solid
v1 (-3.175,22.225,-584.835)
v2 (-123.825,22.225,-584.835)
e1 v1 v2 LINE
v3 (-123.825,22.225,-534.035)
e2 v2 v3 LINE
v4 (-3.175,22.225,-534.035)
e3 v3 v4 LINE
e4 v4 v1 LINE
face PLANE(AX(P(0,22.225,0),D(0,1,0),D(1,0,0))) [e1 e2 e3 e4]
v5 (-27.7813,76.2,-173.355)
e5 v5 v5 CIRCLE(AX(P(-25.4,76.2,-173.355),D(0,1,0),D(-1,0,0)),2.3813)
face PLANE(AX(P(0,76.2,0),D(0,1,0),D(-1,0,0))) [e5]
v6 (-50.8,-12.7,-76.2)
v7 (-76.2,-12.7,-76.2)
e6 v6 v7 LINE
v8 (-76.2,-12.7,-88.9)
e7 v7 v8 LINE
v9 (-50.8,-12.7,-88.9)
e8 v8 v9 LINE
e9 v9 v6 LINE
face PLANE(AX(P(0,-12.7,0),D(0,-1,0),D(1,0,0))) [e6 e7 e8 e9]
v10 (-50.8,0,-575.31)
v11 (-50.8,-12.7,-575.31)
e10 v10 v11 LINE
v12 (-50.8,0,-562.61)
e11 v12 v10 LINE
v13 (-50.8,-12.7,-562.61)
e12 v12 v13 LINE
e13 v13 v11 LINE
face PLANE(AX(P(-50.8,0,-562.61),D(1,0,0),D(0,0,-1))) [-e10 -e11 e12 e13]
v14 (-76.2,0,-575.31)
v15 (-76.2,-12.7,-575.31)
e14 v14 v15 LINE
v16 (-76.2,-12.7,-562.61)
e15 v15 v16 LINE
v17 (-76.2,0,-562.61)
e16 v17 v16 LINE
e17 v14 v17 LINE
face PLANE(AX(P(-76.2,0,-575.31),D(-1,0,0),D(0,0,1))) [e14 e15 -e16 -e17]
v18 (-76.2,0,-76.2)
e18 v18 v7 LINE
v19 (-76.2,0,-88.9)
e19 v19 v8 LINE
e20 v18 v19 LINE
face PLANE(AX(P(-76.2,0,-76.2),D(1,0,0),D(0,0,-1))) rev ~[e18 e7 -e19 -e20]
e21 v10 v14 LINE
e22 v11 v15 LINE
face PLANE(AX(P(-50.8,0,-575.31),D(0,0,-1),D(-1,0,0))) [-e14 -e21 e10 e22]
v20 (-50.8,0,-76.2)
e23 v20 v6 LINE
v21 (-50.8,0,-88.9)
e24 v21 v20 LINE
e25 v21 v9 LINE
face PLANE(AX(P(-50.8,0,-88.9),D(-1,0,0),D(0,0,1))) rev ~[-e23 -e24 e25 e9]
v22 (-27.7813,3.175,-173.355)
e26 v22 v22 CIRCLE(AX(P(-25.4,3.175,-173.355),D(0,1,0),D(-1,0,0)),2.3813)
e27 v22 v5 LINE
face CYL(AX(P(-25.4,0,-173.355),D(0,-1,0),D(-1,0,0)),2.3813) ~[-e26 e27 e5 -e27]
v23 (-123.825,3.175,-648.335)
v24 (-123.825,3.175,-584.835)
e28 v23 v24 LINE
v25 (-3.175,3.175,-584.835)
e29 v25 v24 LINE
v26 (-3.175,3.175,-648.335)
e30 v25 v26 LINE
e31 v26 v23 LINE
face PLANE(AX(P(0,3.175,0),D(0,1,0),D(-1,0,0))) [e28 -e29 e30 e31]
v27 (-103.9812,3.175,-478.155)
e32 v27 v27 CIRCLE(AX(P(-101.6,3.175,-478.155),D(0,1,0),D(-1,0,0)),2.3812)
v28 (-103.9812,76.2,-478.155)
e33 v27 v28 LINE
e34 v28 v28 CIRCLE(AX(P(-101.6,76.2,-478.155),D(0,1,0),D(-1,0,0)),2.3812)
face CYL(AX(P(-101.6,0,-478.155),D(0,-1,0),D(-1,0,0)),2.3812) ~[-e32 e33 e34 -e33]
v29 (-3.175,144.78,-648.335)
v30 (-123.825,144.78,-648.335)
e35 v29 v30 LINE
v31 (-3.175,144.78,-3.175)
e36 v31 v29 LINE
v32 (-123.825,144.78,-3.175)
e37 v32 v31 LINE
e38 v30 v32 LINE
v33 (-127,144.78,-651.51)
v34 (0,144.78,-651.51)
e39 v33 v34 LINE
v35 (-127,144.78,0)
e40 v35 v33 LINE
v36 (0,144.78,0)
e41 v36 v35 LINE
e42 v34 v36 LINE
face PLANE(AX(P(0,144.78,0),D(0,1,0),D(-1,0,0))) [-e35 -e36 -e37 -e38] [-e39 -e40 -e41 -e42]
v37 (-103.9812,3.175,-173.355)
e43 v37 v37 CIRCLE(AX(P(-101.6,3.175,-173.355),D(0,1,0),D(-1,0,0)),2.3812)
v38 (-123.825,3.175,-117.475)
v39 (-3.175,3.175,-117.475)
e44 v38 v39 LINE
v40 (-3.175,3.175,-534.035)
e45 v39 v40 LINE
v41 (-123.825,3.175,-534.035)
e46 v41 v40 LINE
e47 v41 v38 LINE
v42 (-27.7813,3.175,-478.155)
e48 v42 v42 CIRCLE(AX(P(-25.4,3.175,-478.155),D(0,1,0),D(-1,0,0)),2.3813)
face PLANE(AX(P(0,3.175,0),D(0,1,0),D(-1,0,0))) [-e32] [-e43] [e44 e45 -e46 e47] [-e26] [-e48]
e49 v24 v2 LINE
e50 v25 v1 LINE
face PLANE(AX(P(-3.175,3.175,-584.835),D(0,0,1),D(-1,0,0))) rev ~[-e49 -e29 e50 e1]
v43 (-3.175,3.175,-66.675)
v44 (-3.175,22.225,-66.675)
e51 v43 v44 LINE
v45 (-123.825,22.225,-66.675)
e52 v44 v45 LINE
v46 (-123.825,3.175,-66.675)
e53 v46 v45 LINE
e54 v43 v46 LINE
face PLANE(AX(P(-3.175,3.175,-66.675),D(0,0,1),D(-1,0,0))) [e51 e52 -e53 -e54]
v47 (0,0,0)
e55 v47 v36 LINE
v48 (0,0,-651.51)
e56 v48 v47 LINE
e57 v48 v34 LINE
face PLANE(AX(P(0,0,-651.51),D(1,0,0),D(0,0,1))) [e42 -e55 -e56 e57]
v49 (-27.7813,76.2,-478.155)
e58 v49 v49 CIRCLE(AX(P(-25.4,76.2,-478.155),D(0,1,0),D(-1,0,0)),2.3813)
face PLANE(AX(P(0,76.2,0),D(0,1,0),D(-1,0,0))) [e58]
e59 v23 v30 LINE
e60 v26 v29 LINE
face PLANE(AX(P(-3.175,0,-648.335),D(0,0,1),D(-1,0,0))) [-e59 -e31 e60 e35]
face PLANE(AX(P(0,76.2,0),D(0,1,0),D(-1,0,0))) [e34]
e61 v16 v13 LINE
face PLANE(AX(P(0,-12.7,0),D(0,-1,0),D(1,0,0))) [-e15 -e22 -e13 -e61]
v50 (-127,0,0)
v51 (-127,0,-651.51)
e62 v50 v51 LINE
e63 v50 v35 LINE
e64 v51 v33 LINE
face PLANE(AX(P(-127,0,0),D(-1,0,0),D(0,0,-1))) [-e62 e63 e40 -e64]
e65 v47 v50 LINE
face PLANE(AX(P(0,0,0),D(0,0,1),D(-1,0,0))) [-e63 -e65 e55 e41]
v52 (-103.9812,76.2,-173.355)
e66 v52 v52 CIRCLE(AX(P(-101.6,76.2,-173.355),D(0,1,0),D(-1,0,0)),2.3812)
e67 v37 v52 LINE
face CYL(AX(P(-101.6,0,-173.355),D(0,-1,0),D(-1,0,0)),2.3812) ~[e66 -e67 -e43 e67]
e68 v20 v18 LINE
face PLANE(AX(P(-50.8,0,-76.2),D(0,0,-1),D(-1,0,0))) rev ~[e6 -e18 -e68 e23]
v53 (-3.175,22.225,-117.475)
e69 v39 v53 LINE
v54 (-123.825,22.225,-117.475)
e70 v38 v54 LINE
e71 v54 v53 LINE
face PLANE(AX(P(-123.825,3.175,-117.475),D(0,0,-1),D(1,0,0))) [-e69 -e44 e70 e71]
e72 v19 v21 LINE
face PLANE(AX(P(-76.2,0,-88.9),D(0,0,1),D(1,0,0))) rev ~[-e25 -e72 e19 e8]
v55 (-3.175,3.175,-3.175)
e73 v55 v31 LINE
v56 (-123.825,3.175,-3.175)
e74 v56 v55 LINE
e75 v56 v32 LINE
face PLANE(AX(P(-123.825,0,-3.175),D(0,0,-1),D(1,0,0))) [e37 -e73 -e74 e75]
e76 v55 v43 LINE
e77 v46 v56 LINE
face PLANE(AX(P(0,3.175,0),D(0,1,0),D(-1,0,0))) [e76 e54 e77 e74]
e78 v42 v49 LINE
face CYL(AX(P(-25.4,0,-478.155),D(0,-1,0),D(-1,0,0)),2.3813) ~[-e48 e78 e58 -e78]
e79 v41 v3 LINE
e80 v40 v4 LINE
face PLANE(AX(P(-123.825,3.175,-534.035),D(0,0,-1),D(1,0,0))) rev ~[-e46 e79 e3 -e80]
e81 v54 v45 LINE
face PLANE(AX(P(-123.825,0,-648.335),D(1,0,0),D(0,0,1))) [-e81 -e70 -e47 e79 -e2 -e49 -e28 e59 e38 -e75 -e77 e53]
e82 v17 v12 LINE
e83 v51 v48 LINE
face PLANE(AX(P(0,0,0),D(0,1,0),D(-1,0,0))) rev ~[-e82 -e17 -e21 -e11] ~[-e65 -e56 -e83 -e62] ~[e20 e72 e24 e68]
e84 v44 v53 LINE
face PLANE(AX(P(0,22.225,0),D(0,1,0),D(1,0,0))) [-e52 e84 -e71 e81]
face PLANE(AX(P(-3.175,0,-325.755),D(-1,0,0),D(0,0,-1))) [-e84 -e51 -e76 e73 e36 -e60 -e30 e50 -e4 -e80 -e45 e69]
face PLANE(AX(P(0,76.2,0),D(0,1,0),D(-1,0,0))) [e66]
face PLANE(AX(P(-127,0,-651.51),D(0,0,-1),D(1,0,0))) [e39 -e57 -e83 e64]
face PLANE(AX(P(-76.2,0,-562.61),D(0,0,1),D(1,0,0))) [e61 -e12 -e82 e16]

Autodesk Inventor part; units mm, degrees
ref_plane "YZ Plane" through (0, 0, 0) normal (1, 0, 0) x (0, 1, 0)
ref_plane "XZ Plane" through (0, 0, 0) normal (0, 1, 0) x (-1, 0, 0)
ref_plane "XY Plane" through (0, 0, 0) normal (0, 0, 1) x (1, 0, 0)
sketch "Sketch1" plane through (0, 0, 0) normal (0, 1, 0) x (-1, 0, 0)
  line L0 (0, 0) -> (127, 0)
  line L1 (127, 0) -> (127, -651.51)
  line L2 (127, -651.51) -> (0, -651.51)
  line L3 (0, -651.51) -> (0, 0)
  line L4 (123.825, -3.175) -> (3.175, -3.175)
  line L5 (3.175, -3.175) -> (3.175, -648.335)
  line L6 (3.175, -648.335) -> (123.825, -648.335)
  line L7 (123.825, -648.335) -> (123.825, -3.175)
  circle A0 centre (101.6, -478.155) radius 2.3812
  circle A1 centre (25.4, -478.155) radius 2.3813
  line L8 (3.175, -325.755) -> (14.531, -325.755)
  circle A2 centre (101.6, -173.355) radius 2.3812
  circle A3 centre (25.4, -173.355) radius 2.3813
  dimension "d0" = 127
  dimension "d1" = 651.51
  dimension "d2" = 3.175
  dimension "d13" = 4.7625
  dimension "d14" = 4.7625
  dimension "d15" = 76.2
  dimension "d16" = 25.4
  dimension "d17" = 152.4
extrude "Extrusion1" add sketch "Sketch1" along normal blind 3.175 contours L7 L6 L5 L4
extrude "Extrusion2" add sketch "Sketch1" along normal blind 144.78 contours L0 L1 L2 L3
sketch "Sketch2" plane through (0, 0, 0) normal (0, -1, 0) x (1, 0, 0)
  line L0 (-50.8, -76.2) -> (-76.2, -76.2)
  line L1 (-76.2, -76.2) -> (-76.2, -88.9)
  line L2 (-76.2, -88.9) -> (-50.8, -88.9)
  line L3 (-50.8, -88.9) -> (-50.8, -76.2)
  line L4 (0, 0) -> (0, -651.51) projected
  line L5 (0, -325.755) -> (-127, -325.755)
  line L6 (-127, -651.51) -> (-127, 0) projected
  line L7 (-50.8, -575.31) -> (-76.2, -575.31)
  line L8 (-76.2, -575.31) -> (-76.2, -562.61)
  line L9 (-76.2, -562.61) -> (-50.8, -562.61)
  line L10 (-50.8, -562.61) -> (-50.8, -575.31)
  line L11 (-127, 0) -> (0, 0) projected
  dimension "d7" = 25.4
  dimension "d8" = 12.7
  dimension "d9" = 50.8
  dimension "d10" = 76.2
extrude "Extrusion3" add sketch "Sketch2" along normal blind 12.7 contours L3 L2 L1 L0 | L7 L8 L9 L10
extrude "Extrusion4" add sketch "Sketch1" along normal blind 76.2 contours A0 | A1 | A2 | A3
sketch "Sketch3" plane through (0, 3.175, 0) normal (0, 1, 0) x (1, 0, 0)
  line L0 (-3.175, 3.175) -> (-3.175, 648.335) projected
  line L1 (-123.825, 648.335) -> (-123.825, 3.175) projected
  line L2 (-3.175, 66.675) -> (-123.825, 66.675)
  line L3 (-123.825, 66.675) -> (-123.825, 117.475)
  line L4 (-123.825, 117.475) -> (-3.175, 117.475)
  line L5 (-3.175, 117.475) -> (-3.175, 66.675)
  line L6 (-3.175, 3.175) -> (-123.825, 3.175) projected
  line L7 (-127, 651.51) -> (-127, 0) projected
  line L8 (-127, 325.755) -> (-116.0264, 325.755)
  line L9 (-3.175, 584.835) -> (-123.825, 584.835)
  line L10 (-123.825, 584.835) -> (-123.825, 534.035)
  line L11 (-123.825, 534.035) -> (-3.175, 534.035)
  line L12 (-3.175, 534.035) -> (-3.175, 584.835)
  point P0 (0, 0)
  point P1 (-3.175, 534.035)
  point P2 (-3.175, 117.475)
  dimension "d20" = 50.8
  dimension "d21" = 63.5
extrude "Extrusion5" add sketch "Sketch3" along normal blind 19.05 contours L2 L1 L4 L0 | L11 L1 L9 L0
properties part number "Box"
